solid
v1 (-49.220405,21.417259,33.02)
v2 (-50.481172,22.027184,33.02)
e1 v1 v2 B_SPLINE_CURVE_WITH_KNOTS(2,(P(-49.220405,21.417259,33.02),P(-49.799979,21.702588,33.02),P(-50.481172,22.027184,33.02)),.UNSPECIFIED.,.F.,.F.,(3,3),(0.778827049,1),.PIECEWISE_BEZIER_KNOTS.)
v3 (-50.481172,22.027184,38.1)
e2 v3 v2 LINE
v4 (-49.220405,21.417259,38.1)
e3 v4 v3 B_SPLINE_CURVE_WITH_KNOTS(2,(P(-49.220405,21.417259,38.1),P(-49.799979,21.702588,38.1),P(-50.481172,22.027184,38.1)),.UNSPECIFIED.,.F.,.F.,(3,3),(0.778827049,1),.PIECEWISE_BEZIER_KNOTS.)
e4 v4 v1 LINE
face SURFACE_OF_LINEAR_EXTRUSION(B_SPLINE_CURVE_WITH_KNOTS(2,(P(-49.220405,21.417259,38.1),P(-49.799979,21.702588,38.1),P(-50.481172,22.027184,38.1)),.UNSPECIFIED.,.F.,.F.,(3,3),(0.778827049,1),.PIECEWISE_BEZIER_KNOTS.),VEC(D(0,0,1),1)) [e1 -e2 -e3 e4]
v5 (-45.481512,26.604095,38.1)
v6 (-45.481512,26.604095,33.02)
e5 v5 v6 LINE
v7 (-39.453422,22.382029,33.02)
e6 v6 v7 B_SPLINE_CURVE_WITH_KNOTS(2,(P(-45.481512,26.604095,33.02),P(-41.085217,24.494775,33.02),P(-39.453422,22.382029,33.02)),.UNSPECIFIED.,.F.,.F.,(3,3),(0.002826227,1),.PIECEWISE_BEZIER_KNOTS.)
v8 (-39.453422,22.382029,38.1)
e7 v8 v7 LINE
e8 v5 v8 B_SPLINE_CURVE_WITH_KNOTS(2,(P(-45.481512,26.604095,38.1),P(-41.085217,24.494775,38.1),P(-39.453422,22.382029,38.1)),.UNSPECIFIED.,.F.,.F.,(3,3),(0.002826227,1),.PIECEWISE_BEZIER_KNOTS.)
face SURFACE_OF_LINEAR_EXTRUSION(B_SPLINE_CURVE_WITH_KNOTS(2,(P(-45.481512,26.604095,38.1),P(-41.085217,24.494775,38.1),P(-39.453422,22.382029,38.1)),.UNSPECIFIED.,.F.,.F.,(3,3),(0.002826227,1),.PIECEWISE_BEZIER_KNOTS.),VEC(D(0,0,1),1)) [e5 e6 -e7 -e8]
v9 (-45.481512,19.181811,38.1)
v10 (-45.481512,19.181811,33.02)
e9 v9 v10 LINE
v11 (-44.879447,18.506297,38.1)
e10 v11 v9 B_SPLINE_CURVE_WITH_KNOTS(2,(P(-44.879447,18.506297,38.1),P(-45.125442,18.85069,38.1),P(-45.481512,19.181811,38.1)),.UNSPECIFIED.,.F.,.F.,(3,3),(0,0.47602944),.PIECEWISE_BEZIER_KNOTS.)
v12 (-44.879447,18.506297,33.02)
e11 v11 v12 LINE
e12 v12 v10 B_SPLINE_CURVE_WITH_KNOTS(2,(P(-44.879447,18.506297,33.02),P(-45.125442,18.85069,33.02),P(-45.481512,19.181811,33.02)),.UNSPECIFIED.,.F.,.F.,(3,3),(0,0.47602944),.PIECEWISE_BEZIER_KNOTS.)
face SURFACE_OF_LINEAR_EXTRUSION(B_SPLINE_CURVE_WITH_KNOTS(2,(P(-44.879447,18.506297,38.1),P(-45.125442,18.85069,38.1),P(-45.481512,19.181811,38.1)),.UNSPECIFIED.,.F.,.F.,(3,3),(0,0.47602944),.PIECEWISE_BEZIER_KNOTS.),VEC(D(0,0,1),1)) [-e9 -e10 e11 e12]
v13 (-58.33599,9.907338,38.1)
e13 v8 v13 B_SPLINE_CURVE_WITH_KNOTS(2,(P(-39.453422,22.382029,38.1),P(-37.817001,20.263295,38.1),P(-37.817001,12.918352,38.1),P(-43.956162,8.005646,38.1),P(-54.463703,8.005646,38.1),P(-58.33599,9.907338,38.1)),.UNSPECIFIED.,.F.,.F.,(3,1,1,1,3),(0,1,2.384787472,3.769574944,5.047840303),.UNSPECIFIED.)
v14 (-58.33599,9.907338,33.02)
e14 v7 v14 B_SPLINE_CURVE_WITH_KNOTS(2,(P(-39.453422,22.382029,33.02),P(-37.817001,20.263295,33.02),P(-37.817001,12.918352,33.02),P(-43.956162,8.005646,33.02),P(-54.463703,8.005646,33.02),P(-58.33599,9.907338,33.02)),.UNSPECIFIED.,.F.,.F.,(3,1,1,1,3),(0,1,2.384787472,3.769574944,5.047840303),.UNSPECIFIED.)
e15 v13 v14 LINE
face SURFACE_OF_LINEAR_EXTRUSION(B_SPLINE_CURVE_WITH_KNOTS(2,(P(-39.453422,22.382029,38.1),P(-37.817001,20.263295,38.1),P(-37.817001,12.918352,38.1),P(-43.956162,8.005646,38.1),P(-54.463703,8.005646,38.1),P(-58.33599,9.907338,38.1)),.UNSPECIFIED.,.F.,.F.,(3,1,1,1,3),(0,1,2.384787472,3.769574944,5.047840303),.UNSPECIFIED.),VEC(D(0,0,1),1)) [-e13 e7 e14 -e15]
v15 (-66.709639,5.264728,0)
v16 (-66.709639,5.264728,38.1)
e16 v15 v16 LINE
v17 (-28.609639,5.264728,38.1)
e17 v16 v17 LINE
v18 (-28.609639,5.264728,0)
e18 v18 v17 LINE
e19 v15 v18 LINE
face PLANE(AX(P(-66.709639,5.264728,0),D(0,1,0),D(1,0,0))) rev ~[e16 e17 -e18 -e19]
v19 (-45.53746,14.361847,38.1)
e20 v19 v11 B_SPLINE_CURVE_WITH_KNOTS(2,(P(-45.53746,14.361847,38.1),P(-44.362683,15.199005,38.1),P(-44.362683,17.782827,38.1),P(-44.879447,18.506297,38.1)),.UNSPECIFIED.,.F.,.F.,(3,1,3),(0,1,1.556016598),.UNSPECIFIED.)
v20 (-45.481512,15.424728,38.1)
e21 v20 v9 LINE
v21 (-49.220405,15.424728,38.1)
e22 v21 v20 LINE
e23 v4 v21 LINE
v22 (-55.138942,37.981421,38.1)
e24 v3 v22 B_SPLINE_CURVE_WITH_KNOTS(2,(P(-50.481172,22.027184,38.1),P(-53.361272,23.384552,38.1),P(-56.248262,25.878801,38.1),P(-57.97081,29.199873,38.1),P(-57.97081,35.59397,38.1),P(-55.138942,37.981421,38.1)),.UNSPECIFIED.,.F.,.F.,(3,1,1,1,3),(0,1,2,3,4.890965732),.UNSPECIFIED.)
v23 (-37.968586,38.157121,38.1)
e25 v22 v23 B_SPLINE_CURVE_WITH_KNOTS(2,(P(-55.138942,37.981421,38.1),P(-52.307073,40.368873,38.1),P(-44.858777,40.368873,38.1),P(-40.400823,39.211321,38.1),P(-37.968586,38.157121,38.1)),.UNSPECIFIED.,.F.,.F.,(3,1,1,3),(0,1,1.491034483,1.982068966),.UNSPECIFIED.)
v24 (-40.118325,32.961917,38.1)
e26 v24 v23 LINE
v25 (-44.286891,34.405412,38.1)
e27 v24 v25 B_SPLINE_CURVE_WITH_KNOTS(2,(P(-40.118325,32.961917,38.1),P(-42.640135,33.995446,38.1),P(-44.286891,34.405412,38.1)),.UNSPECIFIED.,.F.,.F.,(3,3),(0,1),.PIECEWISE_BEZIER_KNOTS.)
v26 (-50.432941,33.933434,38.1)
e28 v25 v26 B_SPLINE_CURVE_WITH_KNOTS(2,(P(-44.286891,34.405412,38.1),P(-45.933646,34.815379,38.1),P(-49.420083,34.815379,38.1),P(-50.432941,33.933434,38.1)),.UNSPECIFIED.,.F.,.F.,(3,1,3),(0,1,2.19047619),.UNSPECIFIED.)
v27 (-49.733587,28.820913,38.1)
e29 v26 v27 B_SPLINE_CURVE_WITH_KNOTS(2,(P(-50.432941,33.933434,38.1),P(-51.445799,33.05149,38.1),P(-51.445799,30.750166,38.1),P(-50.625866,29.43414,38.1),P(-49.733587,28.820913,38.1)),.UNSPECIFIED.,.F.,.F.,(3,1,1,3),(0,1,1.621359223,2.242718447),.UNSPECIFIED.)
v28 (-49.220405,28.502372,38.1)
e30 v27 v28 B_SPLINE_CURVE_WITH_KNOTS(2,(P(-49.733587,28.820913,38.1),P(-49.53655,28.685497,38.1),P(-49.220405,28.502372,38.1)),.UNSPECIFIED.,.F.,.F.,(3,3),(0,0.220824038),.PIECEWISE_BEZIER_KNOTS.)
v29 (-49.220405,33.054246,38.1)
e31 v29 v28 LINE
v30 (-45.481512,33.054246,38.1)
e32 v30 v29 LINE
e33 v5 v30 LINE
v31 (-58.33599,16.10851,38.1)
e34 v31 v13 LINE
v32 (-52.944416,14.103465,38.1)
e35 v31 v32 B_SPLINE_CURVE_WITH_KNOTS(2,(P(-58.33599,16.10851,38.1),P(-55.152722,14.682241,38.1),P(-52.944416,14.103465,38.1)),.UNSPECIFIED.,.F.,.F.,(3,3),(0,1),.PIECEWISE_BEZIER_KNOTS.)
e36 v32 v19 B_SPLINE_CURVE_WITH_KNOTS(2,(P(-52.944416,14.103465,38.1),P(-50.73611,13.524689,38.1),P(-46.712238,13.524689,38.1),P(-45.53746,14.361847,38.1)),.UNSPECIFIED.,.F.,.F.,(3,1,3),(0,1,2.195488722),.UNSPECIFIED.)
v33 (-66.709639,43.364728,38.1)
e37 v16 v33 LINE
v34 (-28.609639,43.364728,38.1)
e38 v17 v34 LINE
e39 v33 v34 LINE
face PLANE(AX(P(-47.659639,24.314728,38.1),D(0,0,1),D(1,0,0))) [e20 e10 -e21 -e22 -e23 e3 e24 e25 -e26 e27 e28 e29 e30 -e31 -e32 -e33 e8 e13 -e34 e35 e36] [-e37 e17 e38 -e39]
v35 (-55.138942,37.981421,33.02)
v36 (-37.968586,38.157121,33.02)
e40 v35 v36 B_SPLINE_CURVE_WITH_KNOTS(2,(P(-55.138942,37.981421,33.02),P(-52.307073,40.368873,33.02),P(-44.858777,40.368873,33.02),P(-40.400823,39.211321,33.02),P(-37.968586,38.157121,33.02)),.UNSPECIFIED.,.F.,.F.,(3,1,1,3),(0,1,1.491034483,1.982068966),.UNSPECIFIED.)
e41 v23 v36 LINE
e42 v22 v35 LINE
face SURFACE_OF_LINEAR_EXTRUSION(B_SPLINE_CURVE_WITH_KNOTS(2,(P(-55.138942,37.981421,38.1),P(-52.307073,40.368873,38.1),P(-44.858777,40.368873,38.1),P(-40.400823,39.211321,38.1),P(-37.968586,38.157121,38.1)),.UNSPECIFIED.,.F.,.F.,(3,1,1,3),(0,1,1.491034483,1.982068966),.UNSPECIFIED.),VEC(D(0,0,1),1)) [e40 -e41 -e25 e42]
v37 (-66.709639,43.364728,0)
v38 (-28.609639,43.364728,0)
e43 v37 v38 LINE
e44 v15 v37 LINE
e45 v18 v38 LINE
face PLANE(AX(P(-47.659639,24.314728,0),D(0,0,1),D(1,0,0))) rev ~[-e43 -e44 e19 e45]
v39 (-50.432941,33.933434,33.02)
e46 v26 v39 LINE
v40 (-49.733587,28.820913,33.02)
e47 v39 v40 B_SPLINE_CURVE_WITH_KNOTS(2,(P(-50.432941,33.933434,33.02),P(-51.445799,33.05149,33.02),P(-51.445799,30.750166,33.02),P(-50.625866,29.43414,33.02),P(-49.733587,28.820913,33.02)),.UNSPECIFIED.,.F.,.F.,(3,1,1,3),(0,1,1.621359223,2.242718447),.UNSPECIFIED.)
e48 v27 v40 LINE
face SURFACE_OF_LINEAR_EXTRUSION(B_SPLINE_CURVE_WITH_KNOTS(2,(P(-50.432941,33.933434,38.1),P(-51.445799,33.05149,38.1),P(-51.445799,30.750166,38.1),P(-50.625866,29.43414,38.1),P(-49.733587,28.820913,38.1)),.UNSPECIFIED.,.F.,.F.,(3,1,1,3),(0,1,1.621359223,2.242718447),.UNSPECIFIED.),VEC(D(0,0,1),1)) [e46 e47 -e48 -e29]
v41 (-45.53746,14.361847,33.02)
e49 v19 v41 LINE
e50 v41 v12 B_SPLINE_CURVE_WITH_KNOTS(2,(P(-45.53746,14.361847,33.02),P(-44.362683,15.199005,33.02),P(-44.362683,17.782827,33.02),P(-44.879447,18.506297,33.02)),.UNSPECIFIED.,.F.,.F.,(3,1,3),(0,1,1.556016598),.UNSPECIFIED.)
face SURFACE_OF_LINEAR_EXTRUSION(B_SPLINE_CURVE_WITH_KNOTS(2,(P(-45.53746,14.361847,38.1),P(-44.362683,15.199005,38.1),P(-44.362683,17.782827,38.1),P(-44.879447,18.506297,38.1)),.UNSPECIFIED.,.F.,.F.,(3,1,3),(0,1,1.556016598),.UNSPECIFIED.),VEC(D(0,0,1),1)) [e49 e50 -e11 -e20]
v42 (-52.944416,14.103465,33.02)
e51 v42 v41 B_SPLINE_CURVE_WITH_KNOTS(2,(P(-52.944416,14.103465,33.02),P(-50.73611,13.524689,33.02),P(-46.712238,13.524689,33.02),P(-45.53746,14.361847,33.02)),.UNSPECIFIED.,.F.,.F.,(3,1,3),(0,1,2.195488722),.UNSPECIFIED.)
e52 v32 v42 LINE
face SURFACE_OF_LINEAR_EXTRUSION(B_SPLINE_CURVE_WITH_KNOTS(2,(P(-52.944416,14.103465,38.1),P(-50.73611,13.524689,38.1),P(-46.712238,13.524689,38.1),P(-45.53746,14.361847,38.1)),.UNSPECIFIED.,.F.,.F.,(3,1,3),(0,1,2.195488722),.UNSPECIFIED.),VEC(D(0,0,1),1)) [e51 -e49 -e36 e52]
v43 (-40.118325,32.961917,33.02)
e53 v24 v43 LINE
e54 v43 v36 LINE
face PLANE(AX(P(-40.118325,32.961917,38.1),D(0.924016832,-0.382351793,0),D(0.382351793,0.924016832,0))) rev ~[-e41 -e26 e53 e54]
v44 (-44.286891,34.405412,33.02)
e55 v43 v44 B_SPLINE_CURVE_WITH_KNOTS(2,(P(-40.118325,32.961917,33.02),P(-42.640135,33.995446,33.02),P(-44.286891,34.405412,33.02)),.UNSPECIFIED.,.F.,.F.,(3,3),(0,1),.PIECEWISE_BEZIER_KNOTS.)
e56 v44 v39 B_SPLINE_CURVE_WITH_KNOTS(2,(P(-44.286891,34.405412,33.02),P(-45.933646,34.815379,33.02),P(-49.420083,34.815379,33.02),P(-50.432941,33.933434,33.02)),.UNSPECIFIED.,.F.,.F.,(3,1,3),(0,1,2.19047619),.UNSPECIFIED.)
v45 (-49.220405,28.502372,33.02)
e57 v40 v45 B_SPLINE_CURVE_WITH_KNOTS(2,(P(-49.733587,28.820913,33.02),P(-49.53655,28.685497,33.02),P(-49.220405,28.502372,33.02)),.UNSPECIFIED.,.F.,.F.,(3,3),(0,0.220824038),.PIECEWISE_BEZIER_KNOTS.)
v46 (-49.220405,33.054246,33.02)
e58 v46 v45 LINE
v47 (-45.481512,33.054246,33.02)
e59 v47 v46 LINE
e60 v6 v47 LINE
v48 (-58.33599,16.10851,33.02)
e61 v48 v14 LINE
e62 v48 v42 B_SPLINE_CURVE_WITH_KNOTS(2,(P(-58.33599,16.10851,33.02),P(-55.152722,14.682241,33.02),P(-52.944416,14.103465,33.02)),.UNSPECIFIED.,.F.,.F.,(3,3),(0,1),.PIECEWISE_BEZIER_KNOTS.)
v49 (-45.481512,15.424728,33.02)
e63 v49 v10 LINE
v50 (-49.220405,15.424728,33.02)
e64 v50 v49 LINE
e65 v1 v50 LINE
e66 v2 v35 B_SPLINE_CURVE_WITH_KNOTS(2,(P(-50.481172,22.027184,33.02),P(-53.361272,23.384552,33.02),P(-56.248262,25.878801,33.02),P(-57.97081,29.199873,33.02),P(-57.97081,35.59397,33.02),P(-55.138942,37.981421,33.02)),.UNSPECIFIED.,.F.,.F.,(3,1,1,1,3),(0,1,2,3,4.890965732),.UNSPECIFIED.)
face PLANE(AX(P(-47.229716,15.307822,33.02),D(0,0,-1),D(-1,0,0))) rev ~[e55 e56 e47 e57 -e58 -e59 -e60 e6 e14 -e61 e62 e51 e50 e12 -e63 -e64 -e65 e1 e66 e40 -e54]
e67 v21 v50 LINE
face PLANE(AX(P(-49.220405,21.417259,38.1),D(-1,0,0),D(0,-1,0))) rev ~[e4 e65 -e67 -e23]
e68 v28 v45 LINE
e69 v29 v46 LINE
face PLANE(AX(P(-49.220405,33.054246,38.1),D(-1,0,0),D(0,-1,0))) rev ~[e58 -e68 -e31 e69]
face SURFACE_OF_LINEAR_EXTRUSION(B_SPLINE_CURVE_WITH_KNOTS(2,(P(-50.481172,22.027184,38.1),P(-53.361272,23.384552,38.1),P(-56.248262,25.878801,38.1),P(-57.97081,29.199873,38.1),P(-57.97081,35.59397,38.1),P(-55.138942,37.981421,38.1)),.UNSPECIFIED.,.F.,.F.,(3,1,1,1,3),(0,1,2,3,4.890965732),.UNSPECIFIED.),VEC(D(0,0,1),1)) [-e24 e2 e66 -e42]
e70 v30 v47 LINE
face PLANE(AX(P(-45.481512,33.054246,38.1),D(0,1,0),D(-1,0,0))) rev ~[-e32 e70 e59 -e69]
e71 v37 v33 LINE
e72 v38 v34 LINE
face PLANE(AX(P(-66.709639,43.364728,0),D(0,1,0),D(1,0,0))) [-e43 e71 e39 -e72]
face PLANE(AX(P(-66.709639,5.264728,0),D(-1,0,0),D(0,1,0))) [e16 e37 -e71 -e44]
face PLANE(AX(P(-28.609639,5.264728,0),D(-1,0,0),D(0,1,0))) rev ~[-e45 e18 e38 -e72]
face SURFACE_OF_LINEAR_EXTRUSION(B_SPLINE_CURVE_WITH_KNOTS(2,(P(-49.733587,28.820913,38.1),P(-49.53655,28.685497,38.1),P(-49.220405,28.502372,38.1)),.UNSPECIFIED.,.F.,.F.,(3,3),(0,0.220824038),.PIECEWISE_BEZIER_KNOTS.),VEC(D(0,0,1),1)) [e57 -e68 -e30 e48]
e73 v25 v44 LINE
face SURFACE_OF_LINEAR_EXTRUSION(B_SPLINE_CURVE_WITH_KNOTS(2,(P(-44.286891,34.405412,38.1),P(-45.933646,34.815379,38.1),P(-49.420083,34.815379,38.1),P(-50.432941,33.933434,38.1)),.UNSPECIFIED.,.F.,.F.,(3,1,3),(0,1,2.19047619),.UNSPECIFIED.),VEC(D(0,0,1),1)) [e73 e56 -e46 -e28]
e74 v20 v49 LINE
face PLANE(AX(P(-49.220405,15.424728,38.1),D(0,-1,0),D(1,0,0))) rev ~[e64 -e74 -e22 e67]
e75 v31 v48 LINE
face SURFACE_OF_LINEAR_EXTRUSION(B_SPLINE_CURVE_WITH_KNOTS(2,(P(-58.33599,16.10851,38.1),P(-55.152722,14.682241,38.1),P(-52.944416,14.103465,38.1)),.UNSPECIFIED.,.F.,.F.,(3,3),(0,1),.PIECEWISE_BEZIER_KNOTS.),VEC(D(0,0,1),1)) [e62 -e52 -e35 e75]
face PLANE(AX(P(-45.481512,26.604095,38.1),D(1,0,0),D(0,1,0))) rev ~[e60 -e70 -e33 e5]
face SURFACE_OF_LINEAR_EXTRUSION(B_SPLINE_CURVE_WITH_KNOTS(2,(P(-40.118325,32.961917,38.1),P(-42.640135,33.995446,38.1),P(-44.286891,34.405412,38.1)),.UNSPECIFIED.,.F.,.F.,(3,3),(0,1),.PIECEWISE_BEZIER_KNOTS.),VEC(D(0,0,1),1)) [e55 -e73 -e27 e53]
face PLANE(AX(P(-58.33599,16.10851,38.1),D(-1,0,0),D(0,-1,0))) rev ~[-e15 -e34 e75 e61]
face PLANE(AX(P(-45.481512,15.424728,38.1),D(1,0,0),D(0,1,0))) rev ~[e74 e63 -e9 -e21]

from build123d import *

# Parameters (mm, degrees)
F0_W     = 38.1
F0_H     = 38.1
F1_DEPTH = 38.1
F3_DEPTH = 5.08


with BuildPart() as f1:
    # F0 (on Top) → F1 (new body)
    with BuildSketch(Plane.XY):
        with Locations((-47.6596392691, 24.3147276342)):
            Rectangle(F0_W, F0_H)
    extrude(amount=F1_DEPTH)

    # F2 (on face) → F3 (cut)
    with BuildSketch(Plane.XY.offset(38.1)):
        with BuildLine():
            add(Edge.make_bspline(
                [(-37.8170014653, 17.1833799779), (-37.8170014653, 12.9183517661), (-40.8865815434, 10.4619986845)],
                knots=[0, 0, 0, 1, 1, 1], degree=2))
            add(Edge.make_bspline(
                [(-39.4534218212, 22.3820290665), (-37.8170014653, 20.2632953425), (-37.8170014653, 17.1833799779)],
                knots=[0, 0, 0, 1, 1, 1], degree=2))
            add(Edge.make_bspline(
                [(-45.481512099, 26.6040948198), (-41.0852172817, 24.494774768), (-39.4534218212, 22.3820290665)],
                knots=[0.002826227, 0.002826227, 0.002826227, 1, 1, 1], degree=2))
            Line((-45.481512099, 26.6040948198), (-45.481512099, 19.1818112997))
            add(Edge.make_bspline(
                [(-44.8794472118, 18.5062966446), (-45.1254422432, 18.8506896885), (-45.481512099, 19.1818112997)],
                knots=[0, 0, 0, 0.4760294402, 0.4760294402, 0.4760294402], degree=2))
            add(Edge.make_bspline(
                [(-44.3626828889, 16.8595410022), (-44.3626828889, 17.7828265925), (-44.8794472118, 18.5062966446)],
                knots=[0, 0, 0, 1, 1, 1], degree=2))
            add(Edge.make_bspline(
                [(-45.5374604497, 14.3618467748), (-44.3626828889, 15.1990049779), (-44.3626828889, 16.8595410022)],
                knots=[0, 0, 0, 1, 1, 1], degree=2))
            add(Edge.make_bspline(
                [(-48.9033187396, 13.5246885717), (-46.7122380104, 13.5246885717), (-45.5374604497, 14.3618467748)],
                knots=[0, 0, 0, 1, 1, 1], degree=2))
            add(Edge.make_bspline(
                [(-52.9444157448, 14.1034646134), (-50.7361095382, 13.5246885717), (-48.9033187396, 13.5246885717)],
                knots=[0, 0, 0, 1, 1, 1], degree=2))
            add(Edge.make_bspline(
                [(-58.3359901806, 16.1085101863), (-55.1527219514, 14.682240655), (-52.9444157448, 14.1034646134)],
                knots=[0, 0, 0, 1, 1, 1], degree=2))
            Line((-58.3359901806, 16.1085101863), (-58.3359901806, 9.9073383113))
            add(Edge.make_bspline(
                [(-49.4200830625, 8.0056456029), (-54.4637028542, 8.0056456029), (-58.3359901806, 9.9073383113)],
                knots=[0, 0, 0, 1, 1, 1], degree=2))
            add(Edge.make_bspline(
                [(-40.8865815434, 10.4619986845), (-43.9561616215, 8.0056456029), (-49.4200830625, 8.0056456029)],
                knots=[0, 0, 0, 1, 1, 1], degree=2))
        make_face()
        with BuildLine():
            Line((-45.481512099, 19.1818112997), (-45.481512099, 26.6040948198))
            add(Edge.make_bspline(
                [(-45.5064545903, 26.6160514189), (-45.4939722412, 26.6100731331), (-45.481512099, 26.6040948198)],
                knots=[0, 0, 0, 0.002826227, 0.002826227, 0.002826227], degree=2))
            add(Edge.make_bspline(
                [(-49.2204053281, 28.5023716904), (-48.1048914411, 27.8562144613), (-45.5064545903, 26.6160514189)],
                knots=[0.220824038, 0.220824038, 0.220824038, 1, 1, 1], degree=2))
            Line((-49.2204053281, 28.5023716904), (-49.2204053281, 21.4172590728))
            add(Edge.make_bspline(
                [(-46.3987343212, 19.8946701255), (-47.1795261841, 20.4125149006), (-49.2204053281, 21.4172590728)],
                knots=[0, 0, 0, 0.7788270486, 0.7788270486, 0.7788270486], degree=2))
            add(Edge.make_bspline(
                [(-45.481512099, 19.1818112997), (-45.8734418956, 19.5462803037), (-46.3987343212, 19.8946701255)],
                knots=[0.4760294402, 0.4760294402, 0.4760294402, 1, 1, 1], degree=2))
        make_face()
        with BuildLine():
            add(Edge.make_bspline(
                [(-45.5064545903, 26.6160514189), (-45.4939722412, 26.6100731331), (-45.481512099, 26.6040948198)],
                knots=[0, 0, 0, 0.002826227, 0.002826227, 0.002826227], degree=2))
            Line((-45.481512099, 26.6040948198), (-45.481512099, 33.0542458634))
            Line((-45.481512099, 33.0542458634), (-49.2204053281, 33.0542458634))
            Line((-49.2204053281, 33.0542458634), (-49.2204053281, 28.5023716904))
            add(Edge.make_bspline(
                [(-49.2204053281, 28.5023716904), (-48.1048914411, 27.8562144613), (-45.5064545903, 26.6160514189)],
                knots=[0.220824038, 0.220824038, 0.220824038, 1, 1, 1], degree=2))
        make_face()
        with BuildLine():
            Line((-45.481512099, 15.4247276342), (-45.481512099, 19.1818112997))
            add(Edge.make_bspline(
                [(-45.481512099, 19.1818112997), (-45.8734418956, 19.5462803037), (-46.3987343212, 19.8946701255)],
                knots=[0.4760294402, 0.4760294402, 0.4760294402, 1, 1, 1], degree=2))
            add(Edge.make_bspline(
                [(-46.3987343212, 19.8946701255), (-47.1795261841, 20.4125149006), (-49.2204053281, 21.4172590728)],
                knots=[0, 0, 0, 0.7788270486, 0.7788270486, 0.7788270486], degree=2))
            Line((-49.2204053281, 21.4172590728), (-49.2204053281, 15.4247276342))
            Line((-49.2204053281, 15.4247276342), (-45.481512099, 15.4247276342))
        make_face()
        with BuildLine():
            Line((-49.2204053281, 21.4172590728), (-49.2204053281, 28.5023716904))
            add(Edge.make_bspline(
                [(-49.7335867518, 28.82091253), (-49.5365499386, 28.6854972685), (-49.2204053281, 28.5023716904)],
                knots=[0, 0, 0, 0.220824038, 0.220824038, 0.220824038], degree=2))
            add(Edge.make_bspline(
                [(-51.0358328455, 30.0921527644), (-50.6258664827, 29.4341395266), (-49.7335867518, 28.82091253)],
                knots=[0, 0, 0, 1, 1, 1], degree=2))
            add(Edge.make_bspline(
                [(-51.4457992083, 31.6321104467), (-51.4457992083, 30.7501660022), (-51.0358328455, 30.0921527644)],
                knots=[0, 0, 0, 1, 1, 1], degree=2))
            add(Edge.make_bspline(
                [(-50.4329411354, 33.9334342314), (-51.4457992083, 33.051489787), (-51.4457992083, 31.6321104467)],
                knots=[0, 0, 0, 1, 1, 1], degree=2))
            add(Edge.make_bspline(
                [(-47.5252805452, 34.8153786759), (-49.4200830625, 34.8153786759), (-50.4329411354, 33.9334342314)],
                knots=[0, 0, 0, 1, 1, 1], degree=2))
            add(Edge.make_bspline(
                [(-44.2868907882, 34.405412313), (-45.9336464306, 34.8153786759), (-47.5252805452, 34.8153786759)],
                knots=[0, 0, 0, 1, 1, 1], degree=2))
            add(Edge.make_bspline(
                [(-40.11832525, 32.9619173043), (-42.6401351458, 33.9954459502), (-44.2868907882, 34.405412313)],
                knots=[0, 0, 0, 1, 1, 1], degree=2))
            Line((-40.11832525, 32.9619173043), (-37.9685856667, 38.1571212974))
            add(Edge.make_bspline(
                [(-42.6297998594, 39.7900965578), (-40.4008230799, 39.2113205161), (-37.9685856667, 38.1571212974)],
                knots=[0, 0, 0, 1, 1, 1], degree=2))
            add(Edge.make_bspline(
                [(-47.311684625, 40.3688725995), (-44.8587766389, 40.3688725995), (-42.6297998594, 39.7900965578)],
                knots=[0, 0, 0, 1, 1, 1], degree=2))
            add(Edge.make_bspline(
                [(-55.1389415695, 37.9814214276), (-52.3070730799, 40.3688725995), (-47.311684625, 40.3688725995)],
                knots=[0, 0, 0, 1, 1, 1], degree=2))
            add(Edge.make_bspline(
                [(-57.970810059, 31.4116243356), (-57.970810059, 35.5939702557), (-55.1389415695, 37.9814214276)],
                knots=[0, 0, 0, 1, 1, 1], degree=2))
            add(Edge.make_bspline(
                [(-57.1095361875, 27.5393370092), (-57.970810059, 29.1998730335), (-57.970810059, 31.4116243356)],
                knots=[0, 0, 0, 1, 1, 1], degree=2))
            add(Edge.make_bspline(
                [(-54.8047673073, 24.6316764189), (-56.248262316, 25.8788009849), (-57.1095361875, 27.5393370092)],
                knots=[0, 0, 0, 1, 1, 1], degree=2))
            add(Edge.make_bspline(
                [(-50.4811724722, 22.0271842314), (-53.3612722986, 23.3845518529), (-54.8047673073, 24.6316764189)],
                knots=[0, 0, 0, 1, 1, 1], degree=2))
            add(Edge.make_bspline(
                [(-49.2204053281, 21.4172590728), (-49.799978501, 21.7025884465), (-50.4811724722, 22.0271842314)],
                knots=[0.7788270486, 0.7788270486, 0.7788270486, 1, 1, 1], degree=2))
        make_face()
    extrude(amount=-F3_DEPTH, mode=Mode.SUBTRACT)


solid = f1.part
